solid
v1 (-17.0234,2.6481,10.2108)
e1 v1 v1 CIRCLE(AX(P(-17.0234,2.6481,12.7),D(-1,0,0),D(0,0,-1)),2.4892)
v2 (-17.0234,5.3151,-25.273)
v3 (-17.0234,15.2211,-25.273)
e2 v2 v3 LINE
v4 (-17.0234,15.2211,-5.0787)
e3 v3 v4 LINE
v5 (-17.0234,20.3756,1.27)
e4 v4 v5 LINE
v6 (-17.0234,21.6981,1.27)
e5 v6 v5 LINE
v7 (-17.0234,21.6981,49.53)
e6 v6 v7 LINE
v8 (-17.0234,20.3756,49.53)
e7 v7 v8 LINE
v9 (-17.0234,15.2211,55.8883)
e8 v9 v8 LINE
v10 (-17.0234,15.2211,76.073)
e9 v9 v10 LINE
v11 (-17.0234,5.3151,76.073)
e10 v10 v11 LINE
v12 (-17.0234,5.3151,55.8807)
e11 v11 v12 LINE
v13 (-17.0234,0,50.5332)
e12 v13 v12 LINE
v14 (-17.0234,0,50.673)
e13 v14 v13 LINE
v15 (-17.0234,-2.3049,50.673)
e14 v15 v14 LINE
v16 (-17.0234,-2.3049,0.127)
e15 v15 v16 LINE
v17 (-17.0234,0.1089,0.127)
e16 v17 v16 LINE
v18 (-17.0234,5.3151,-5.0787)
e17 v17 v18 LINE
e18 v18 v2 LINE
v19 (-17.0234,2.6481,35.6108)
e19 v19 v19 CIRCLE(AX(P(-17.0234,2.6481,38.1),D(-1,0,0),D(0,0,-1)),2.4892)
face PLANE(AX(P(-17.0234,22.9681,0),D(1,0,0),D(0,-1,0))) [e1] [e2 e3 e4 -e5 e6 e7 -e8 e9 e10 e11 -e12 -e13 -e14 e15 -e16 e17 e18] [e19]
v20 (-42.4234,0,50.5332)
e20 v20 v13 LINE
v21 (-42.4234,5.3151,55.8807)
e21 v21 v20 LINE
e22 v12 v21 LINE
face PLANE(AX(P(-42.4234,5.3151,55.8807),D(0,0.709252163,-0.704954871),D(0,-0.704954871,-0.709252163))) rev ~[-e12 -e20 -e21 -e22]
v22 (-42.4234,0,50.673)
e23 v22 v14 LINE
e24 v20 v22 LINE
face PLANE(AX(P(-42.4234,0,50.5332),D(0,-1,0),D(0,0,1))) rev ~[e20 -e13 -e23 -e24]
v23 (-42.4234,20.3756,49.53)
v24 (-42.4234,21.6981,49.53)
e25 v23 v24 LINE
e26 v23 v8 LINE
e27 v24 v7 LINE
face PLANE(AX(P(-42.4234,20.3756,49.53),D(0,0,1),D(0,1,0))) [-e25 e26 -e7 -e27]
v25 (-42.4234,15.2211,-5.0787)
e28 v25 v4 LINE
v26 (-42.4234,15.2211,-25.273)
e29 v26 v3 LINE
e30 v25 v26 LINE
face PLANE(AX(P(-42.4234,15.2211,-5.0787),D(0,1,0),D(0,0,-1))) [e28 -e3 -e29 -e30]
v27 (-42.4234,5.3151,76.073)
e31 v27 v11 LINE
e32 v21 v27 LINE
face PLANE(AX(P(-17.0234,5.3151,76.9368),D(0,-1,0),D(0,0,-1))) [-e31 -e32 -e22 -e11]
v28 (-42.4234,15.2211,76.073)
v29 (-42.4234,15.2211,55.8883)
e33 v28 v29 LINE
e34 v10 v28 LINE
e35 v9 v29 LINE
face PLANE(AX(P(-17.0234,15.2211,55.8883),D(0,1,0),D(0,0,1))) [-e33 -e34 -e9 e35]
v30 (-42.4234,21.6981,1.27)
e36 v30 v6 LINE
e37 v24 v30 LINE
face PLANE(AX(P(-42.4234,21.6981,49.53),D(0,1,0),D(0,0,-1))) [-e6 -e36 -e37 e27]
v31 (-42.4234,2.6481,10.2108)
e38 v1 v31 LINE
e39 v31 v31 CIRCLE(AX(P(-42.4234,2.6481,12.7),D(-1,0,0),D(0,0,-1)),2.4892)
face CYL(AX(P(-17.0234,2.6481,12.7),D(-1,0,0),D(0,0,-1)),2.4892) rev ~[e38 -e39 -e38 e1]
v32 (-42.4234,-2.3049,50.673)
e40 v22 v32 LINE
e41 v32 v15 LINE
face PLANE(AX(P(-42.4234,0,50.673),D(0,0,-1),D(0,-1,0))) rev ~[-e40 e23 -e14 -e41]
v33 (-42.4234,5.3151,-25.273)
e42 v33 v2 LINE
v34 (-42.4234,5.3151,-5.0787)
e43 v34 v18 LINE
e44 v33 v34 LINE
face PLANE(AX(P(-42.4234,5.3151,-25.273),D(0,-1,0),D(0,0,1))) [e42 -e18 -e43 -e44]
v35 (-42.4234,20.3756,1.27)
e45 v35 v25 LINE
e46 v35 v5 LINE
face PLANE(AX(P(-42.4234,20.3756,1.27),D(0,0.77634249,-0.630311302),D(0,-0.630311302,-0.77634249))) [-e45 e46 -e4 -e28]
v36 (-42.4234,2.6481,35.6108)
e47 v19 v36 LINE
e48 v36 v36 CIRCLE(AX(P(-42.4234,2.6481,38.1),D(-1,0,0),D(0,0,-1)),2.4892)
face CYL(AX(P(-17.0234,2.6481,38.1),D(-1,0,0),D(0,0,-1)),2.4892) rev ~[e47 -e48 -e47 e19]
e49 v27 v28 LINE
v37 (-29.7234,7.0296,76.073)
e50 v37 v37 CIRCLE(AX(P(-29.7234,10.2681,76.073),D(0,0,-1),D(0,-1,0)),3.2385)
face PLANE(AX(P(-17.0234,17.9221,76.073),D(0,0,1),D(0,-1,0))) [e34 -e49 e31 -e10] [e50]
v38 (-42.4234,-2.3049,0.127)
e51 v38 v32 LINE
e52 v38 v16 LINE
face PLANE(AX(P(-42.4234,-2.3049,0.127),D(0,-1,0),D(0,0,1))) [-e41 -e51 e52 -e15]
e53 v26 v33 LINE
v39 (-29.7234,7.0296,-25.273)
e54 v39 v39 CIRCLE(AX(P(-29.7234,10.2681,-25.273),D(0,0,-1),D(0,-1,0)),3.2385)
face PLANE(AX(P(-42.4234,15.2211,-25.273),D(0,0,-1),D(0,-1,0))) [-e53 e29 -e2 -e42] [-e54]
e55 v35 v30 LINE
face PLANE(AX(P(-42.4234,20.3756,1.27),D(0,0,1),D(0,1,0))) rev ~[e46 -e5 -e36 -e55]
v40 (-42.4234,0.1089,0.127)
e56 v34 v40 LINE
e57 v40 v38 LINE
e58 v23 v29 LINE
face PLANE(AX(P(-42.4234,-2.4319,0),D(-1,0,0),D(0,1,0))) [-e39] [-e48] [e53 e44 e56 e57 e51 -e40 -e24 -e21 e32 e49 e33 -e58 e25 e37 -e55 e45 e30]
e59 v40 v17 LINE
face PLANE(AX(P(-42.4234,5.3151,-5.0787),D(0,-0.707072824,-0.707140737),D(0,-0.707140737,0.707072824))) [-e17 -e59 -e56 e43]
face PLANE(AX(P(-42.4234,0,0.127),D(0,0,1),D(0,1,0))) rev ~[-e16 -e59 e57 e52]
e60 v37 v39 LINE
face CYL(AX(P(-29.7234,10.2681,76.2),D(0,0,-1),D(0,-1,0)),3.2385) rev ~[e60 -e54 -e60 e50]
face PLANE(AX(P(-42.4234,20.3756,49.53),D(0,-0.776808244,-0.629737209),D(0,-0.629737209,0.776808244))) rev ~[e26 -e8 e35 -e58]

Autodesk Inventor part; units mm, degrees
ref_plane "YZ Plane" through (0, 0, 0) normal (1, 0, 0) x (0, 1, 0)
ref_plane "XZ Plane" through (0, 0, 0) normal (0, 1, 0) x (-1, 0, 0)
ref_plane "XY Plane" through (0, 0, 0) normal (0, 0, 1) x (1, 0, 0)
sketch "Sketch1" plane through (0, 0, 0) normal (0, 0, 1) x (1, 0, 0)
  line L0 (-42.4234, 22.9681) -> (-17.0234, 22.9681)
  line L1 (-17.0234, 22.9681) -> (-17.0234, -2.4319)
  line L2 (-17.0234, -2.4319) -> (-42.4234, -2.4319)
  line L3 (-42.4234, -2.4319) -> (-42.4234, 22.9681)
  point P0 (0, 0)
  dimension "d0" = 25.4
  dimension "d1" = 25.4
extrude "Extrusion1" add sketch "Sketch1" along normal blind 50.8
sketch "Sketch2" plane through (-17.0234, -2.4319, 0) normal (1, 0, 0) x (0, 0, -1)
  line L0 (-50.8, 22.86) -> (-50.8, 2.54)
  line L1 (-50.8, 2.54) -> (-55.88, 7.62)
  line L2 (-55.88, 7.62) -> (-76.2, 7.62)
  line L3 (-76.2, 7.62) -> (-76.2, 17.78)
  line L4 (-76.2, 17.78) -> (-55.88, 17.78)
  line L5 (-55.88, 17.78) -> (-50.8, 22.86)
  line L6 (-50.8, 0) -> (-50.8, 25.4) projected
  line L7 (0, 0) -> (-50.8, 0) projected
  point P0 (0, 2.4319)
  dimension "d4" = 25.4
  dimension "d5" = 20.32
  dimension "d6" = 5.08
  dimension "d7" = 5.08
  dimension "d8" = 5.08
  dimension "d9" = 5.08
  dimension "d10" = 0
  dimension "d11" = 2.54
extrude "Extrusion2" add sketch "Sketch2" against normal blind 25.4
sketch "Sketch3" plane through (-17.0234, -2.4319, 0) normal (1, 0, 0) x (0, 0, -1)
  line L0 (0, 20.4965) -> (0, 2.54)
  line L1 (0, 2.54) -> (5.08, 7.62)
  line L2 (5.08, 7.62) -> (25.4, 7.62)
  line L3 (25.4, 7.62) -> (25.4, 17.78)
  line L4 (25.4, 17.78) -> (5.08, 17.78)
  line L5 (5.08, 17.78) -> (0, 22.86)
  line L6 (0, 22.86) -> (0, 20.4965)
  line L7 (-55.88, 7.62) -> (-76.2, 7.62) projected
  line L8 (-76.2, 17.78) -> (-55.88, 17.78) projected
  line L9 (0, 25.4) -> (0, 0) projected
  line L10 (0, 0) -> (-50.8, 0) projected
  point P0 (0, 2.4319)
  dimension "d14" = 20.32
  dimension "d15" = 5.08
  dimension "d16" = 5.08
  dimension "d17" = 5.08
  dimension "d18" = 5.08
  dimension "d19" = 25.4
  dimension "d20" = 10.16
  dimension "d21" = 0
  dimension "d22" = 2.54
  dimension "d23" = 10.16
extrude "Extrusion3" add sketch "Sketch3" against normal blind 25.4
sketch "Sketch4" plane through (-17.0234, 5.1881, 76.2) normal (0, 0, 1) x (1, 0, 0)
  line L0 (0, 10.16) -> (-25.4, 10.16) projected
  line L1 (-25.4, 0) -> (-25.4, 10.16) projected
  point P0 (17.0234, -5.1881)
  point P1 (-12.7, 5.08)
  dimension "d26" = 5.08
  dimension "d27" = 12.7
hole "Hole1" at (-29.7234, 10.2681, 76.2) direction (0, 0, -1) diameter 6.477 end through all
sketch "Sketch5" plane through (-17.0234, 22.9681, 50.8) normal (1, 0, 0) x (0, 0, -1)
  line L0 (50.8, -25.4) -> (0, -25.4) projected
  point P0 (50.8, -22.9681)
  point P1 (12.7, -20.32)
  point P2 (38.1, -20.32)
  dimension "d35" = 5.08
  dimension "d36" = 5.08
  dimension "d37" = 12.7
  dimension "d38" = 12.7
hole "Hole2" at (-17.0234, 2.6481, 38.1) at (-17.0234, 2.6481, 12.7) direction (-1, 0, 0) diameter 4.9784 end through all thread size "1/4-20 UNC" class "2B" standard "ANSI Unified Screw Threads"
sketch "Sketch7" plane through (-17.0234, 22.9681, 50.8) normal (1, 0, 0) x (0, 0, -1)
  line L0 (-29.4216, -5.046) -> (-25.273, -5.046)
  line L1 (-25.273, -5.046) -> (-25.273, -20.1383)
  line L2 (-25.273, -20.1383) -> (-29.4216, -20.1383)
  line L3 (-29.4216, -20.1383) -> (-29.4216, -5.046)
  line L4 (-25.4, -17.78) -> (-25.4, -7.62) projected
  point P0 (50.8, -22.9681)
  dimension "d62" = 0.127
extrude "Extrusion4" cut sketch "Sketch7" against normal blind 50.8
sketch "Sketch8" plane through (-17.0234, -2.4319, 50.8) normal (1, 0, 0) x (0, 0, -1)
  line L0 (-27.9283, 21.8935) -> (-5.0883, 21.8935)
  line L1 (-5.0883, 21.8935) -> (-5.0883, 17.653)
  line L2 (-5.0883, 17.653) -> (-27.9283, 17.653)
  line L3 (-27.9283, 17.653) -> (-27.9283, 21.8935)
  line L4 (-25.273, 17.78) -> (-5.08, 17.78) projected
  line L5 (-26.1368, 7.747) -> (-5.0807, 7.747)
  line L6 (-5.0807, 7.747) -> (-5.0807, 5.4826)
  line L7 (-5.0807, 5.4826) -> (-26.1368, 5.4826)
  line L8 (-26.1368, 5.4826) -> (-26.1368, 7.747)
  line L9 (-5.08, 7.62) -> (-25.273, 7.62) projected
  point P0 (50.8, 2.4319)
  dimension "d65" = 0.127
  dimension "d66" = 0.127
extrude "Extrusion5" cut sketch "Sketch8" against normal blind 50.8
sketch "Sketch9" plane through (-42.4234, 22.9681, 0) normal (-1, 0, 0) x (0, 0, 1)
  line L0 (-28.1622, -4.7577) -> (-5.0787, -4.7577)
  line L1 (-5.0787, -4.7577) -> (-5.0787, -7.747)
  line L2 (-5.0787, -7.747) -> (-28.1622, -7.747)
  line L3 (-28.1622, -7.747) -> (-28.1622, -4.7577)
  line L4 (-27.0984, -17.653) -> (-5.0787, -17.653)
  line L5 (-5.0787, -17.653) -> (-5.0787, -20.2143)
  line L6 (-5.0787, -20.2143) -> (-27.0984, -20.2143)
  line L7 (-27.0984, -20.2143) -> (-27.0984, -17.653)
  line L8 (-29.1947, -5.6651) -> (-25.273, -5.6651)
  line L9 (-25.273, -5.6651) -> (-25.273, -18.8063)
  line L10 (-25.273, -18.8063) -> (-29.1947, -18.8063)
  line L11 (-29.1947, -18.8063) -> (-29.1947, -5.6651)
  line L12 (-25.4, -7.62) -> (-25.4, -17.78) projected
  line L13 (-5.08, -7.62) -> (-25.4, -7.62) projected
  line L14 (-25.4, -17.78) -> (-5.08, -17.78) projected
  point P0 (0, -22.9681)
  dimension "d69" = 0.127
  dimension "d70" = 0.127
  dimension "d71" = 0.127
extrude "Extrusion6" cut sketch "Sketch9" against normal blind 50.8
sketch "Sketch10" plane through (-42.4234, -2.4319, 0) normal (-1, 0, 0) x (0, 0, 1)
  line L0 (-2.7564, 0.127) -> (53.3126, 0.127)
  line L1 (53.3126, 0.127) -> (53.3126, -2.1248)
  line L2 (53.3126, -2.1248) -> (-2.7564, -2.1248)
  line L3 (-2.7564, -2.1248) -> (-2.7564, 0.127)
  line L4 (50.673, -3.7518) -> (52.4991, -3.7518)
  line L5 (52.4991, -3.7518) -> (52.4991, 2.4319)
  line L6 (52.4991, 2.4319) -> (50.673, 2.4319)
  line L7 (50.673, 2.4319) -> (50.673, -3.7518)
  line L8 (0.127, -3.5953) -> (-2.3183, -3.5953)
  line L9 (-2.3183, -3.5953) -> (-2.3183, 2.4319)
  line L10 (-2.3183, 2.4319) -> (0.127, 2.4319)
  line L11 (0.127, 2.4319) -> (0.127, -3.5953)
  line L12 (0, 0) -> (0, 2.54) projected
  line L13 (0, 0) -> (50.8, 0) projected
  line L14 (50.8, 2.54) -> (50.8, 0) projected
  point P0 (0, 2.4319)
  dimension "d74" = 0.127
  dimension "d75" = 0.127
  dimension "d76" = 0.127
extrude "Extrusion7" cut sketch "Sketch10" against normal blind 50.8
sketch "Sketch11" plane through (-42.4234, 22.9681, 0) normal (-1, 0, 0) x (0, 0, 1)
  line L0 (-3.471, 3.7894) -> (53.579, 3.7894)
  line L1 (53.579, 3.7894) -> (53.579, -1.27)
  line L2 (53.579, -1.27) -> (-3.471, -1.27)
  line L3 (-3.471, -1.27) -> (-3.471, 3.7894)
  line L4 (49.53, 5.7803) -> (53.579, 5.7803)
  line L5 (53.579, 5.7803) -> (53.579, -2.5925)
  line L6 (53.579, -2.5925) -> (49.53, -2.5925)
  line L7 (49.53, -2.5925) -> (49.53, 5.7803)
  line L8 (1.27, 6.2042) -> (-3.2289, 6.2042)
  line L9 (-3.2289, 6.2042) -> (-3.2289, -2.5925)
  line L10 (-3.2289, -2.5925) -> (1.27, -2.5925)
  line L11 (1.27, -2.5925) -> (1.27, 6.2042)
  line L12 (0, -2.54) -> (0, 0) projected
  line L13 (0, 0) -> (50.8, 0) projected
  line L14 (50.8, 0) -> (50.8, -2.54) projected
  point P0 (0, -22.9681)
  dimension "d79" = 1.27
  dimension "d80" = 1.27
  dimension "d81" = 1.27
extrude "Extrusion8" cut sketch "Sketch11" against normal blind 50.8
sketch "Sketch13" plane through (-42.4234, 5.3151, 76.073) normal (-1, 0, 0) x (0, 0, 1)
  line L0 (-81.1517, 0) -> (-81.1517, -0.1283) projected
  line L1 (-81.1517, 0) -> (-81.1517, -0.1283)
  line L2 (-81.1517, -0.1283) -> (-76.073, -5.207)
  line L3 (-81.1517, -0.1283) -> (-76.073, -5.207) projected
  line L4 (-76.073, -5.3151) -> (-75.946, -5.3151) projected
  line L5 (-76.073, -5.3151) -> (-75.946, -5.3151)
  line L6 (-75.946, -5.3151) -> (-75.946, -5.2062)
  line L7 (-76.073, -5.3151) -> (-76.073, -5.207) projected
  line L8 (-76.073, -5.3151) -> (-76.073, -5.207)
  line L9 (-81.1517, 0) -> (-75.946, -5.2062)
extrude "Extrusion9" cut sketch "Sketch13" against normal blind 50.8
sketch "Sketch14" plane through (-42.4234, 5.3151, 76.073) normal (-1, 0, 0) x (0, 0, 1)
  line L0 (-81.1517, 9.906) -> (-81.1517, 10.0343) projected
  line L1 (-81.1517, 9.906) -> (-81.1517, 10.0343)
  line L2 (-76.1255, 15.0605) -> (-74.803, 15.0605) projected
  line L3 (-81.1517, 10.0343) -> (-76.1255, 15.0605)
  line L4 (-81.1517, 10.0343) -> (-76.1255, 15.0605) projected
  line L5 (-76.1255, 15.0605) -> (-74.803, 15.0605)
  line L6 (-74.803, 15.0605) -> (-74.803, 16.383) projected
  line L7 (-74.803, 15.0605) -> (-81.1517, 9.906)
  point P0 (-76.073, -5.3151)
extrude "Extrusion10" cut sketch "Sketch14" against normal blind 50.8
sketch "Sketch16" plane through (-42.4234, 5.3151, 76.073) normal (-1, 0, 0) x (0, 0, 1)
  line L0 (-26.543, 15.0605) -> (-26.543, 16.383) projected
  line L1 (-20.193, 10.033) -> (-25.2205, 15.0605) projected
  line L2 (-26.543, 15.0605) -> (-25.2205, 15.0605)
  line L3 (-20.1847, 9.906) -> (-20.1847, 10.033) projected
  line L4 (-25.2205, 15.0605) -> (-20.1847, 10.033)
  line L5 (-26.543, 15.0605) -> (-20.1847, 9.906)
  line L6 (0, 9.906) -> (-20.1847, 9.906) projected
  line L7 (-20.1847, 9.906) -> (-20.1847, 10.033)
  point P0 (-76.073, -5.3151)
extrude "Extrusion11" cut sketch "Sketch16" against normal blind 50.8
sketch "Sketch18" plane through (-42.4234, 5.3151, 76.073) normal (-1, 0, 0) x (0, 0, 1)
  line L0 (-20.1923, 0) -> (-20.1923, -0.127) projected
  line L1 (-20.1923, 0) -> (-25.5398, -5.3151)
  line L2 (-25.5398, -5.3151) -> (-25.1146, -5.3151)
  line L3 (-25.1146, -5.3151) -> (-20.1923, -0.127)
  point P0 (-76.073, -5.3151)
extrude "Extrusion12" cut sketch "Sketch18" against normal blind 50.8
properties part number "SliderSlider"
